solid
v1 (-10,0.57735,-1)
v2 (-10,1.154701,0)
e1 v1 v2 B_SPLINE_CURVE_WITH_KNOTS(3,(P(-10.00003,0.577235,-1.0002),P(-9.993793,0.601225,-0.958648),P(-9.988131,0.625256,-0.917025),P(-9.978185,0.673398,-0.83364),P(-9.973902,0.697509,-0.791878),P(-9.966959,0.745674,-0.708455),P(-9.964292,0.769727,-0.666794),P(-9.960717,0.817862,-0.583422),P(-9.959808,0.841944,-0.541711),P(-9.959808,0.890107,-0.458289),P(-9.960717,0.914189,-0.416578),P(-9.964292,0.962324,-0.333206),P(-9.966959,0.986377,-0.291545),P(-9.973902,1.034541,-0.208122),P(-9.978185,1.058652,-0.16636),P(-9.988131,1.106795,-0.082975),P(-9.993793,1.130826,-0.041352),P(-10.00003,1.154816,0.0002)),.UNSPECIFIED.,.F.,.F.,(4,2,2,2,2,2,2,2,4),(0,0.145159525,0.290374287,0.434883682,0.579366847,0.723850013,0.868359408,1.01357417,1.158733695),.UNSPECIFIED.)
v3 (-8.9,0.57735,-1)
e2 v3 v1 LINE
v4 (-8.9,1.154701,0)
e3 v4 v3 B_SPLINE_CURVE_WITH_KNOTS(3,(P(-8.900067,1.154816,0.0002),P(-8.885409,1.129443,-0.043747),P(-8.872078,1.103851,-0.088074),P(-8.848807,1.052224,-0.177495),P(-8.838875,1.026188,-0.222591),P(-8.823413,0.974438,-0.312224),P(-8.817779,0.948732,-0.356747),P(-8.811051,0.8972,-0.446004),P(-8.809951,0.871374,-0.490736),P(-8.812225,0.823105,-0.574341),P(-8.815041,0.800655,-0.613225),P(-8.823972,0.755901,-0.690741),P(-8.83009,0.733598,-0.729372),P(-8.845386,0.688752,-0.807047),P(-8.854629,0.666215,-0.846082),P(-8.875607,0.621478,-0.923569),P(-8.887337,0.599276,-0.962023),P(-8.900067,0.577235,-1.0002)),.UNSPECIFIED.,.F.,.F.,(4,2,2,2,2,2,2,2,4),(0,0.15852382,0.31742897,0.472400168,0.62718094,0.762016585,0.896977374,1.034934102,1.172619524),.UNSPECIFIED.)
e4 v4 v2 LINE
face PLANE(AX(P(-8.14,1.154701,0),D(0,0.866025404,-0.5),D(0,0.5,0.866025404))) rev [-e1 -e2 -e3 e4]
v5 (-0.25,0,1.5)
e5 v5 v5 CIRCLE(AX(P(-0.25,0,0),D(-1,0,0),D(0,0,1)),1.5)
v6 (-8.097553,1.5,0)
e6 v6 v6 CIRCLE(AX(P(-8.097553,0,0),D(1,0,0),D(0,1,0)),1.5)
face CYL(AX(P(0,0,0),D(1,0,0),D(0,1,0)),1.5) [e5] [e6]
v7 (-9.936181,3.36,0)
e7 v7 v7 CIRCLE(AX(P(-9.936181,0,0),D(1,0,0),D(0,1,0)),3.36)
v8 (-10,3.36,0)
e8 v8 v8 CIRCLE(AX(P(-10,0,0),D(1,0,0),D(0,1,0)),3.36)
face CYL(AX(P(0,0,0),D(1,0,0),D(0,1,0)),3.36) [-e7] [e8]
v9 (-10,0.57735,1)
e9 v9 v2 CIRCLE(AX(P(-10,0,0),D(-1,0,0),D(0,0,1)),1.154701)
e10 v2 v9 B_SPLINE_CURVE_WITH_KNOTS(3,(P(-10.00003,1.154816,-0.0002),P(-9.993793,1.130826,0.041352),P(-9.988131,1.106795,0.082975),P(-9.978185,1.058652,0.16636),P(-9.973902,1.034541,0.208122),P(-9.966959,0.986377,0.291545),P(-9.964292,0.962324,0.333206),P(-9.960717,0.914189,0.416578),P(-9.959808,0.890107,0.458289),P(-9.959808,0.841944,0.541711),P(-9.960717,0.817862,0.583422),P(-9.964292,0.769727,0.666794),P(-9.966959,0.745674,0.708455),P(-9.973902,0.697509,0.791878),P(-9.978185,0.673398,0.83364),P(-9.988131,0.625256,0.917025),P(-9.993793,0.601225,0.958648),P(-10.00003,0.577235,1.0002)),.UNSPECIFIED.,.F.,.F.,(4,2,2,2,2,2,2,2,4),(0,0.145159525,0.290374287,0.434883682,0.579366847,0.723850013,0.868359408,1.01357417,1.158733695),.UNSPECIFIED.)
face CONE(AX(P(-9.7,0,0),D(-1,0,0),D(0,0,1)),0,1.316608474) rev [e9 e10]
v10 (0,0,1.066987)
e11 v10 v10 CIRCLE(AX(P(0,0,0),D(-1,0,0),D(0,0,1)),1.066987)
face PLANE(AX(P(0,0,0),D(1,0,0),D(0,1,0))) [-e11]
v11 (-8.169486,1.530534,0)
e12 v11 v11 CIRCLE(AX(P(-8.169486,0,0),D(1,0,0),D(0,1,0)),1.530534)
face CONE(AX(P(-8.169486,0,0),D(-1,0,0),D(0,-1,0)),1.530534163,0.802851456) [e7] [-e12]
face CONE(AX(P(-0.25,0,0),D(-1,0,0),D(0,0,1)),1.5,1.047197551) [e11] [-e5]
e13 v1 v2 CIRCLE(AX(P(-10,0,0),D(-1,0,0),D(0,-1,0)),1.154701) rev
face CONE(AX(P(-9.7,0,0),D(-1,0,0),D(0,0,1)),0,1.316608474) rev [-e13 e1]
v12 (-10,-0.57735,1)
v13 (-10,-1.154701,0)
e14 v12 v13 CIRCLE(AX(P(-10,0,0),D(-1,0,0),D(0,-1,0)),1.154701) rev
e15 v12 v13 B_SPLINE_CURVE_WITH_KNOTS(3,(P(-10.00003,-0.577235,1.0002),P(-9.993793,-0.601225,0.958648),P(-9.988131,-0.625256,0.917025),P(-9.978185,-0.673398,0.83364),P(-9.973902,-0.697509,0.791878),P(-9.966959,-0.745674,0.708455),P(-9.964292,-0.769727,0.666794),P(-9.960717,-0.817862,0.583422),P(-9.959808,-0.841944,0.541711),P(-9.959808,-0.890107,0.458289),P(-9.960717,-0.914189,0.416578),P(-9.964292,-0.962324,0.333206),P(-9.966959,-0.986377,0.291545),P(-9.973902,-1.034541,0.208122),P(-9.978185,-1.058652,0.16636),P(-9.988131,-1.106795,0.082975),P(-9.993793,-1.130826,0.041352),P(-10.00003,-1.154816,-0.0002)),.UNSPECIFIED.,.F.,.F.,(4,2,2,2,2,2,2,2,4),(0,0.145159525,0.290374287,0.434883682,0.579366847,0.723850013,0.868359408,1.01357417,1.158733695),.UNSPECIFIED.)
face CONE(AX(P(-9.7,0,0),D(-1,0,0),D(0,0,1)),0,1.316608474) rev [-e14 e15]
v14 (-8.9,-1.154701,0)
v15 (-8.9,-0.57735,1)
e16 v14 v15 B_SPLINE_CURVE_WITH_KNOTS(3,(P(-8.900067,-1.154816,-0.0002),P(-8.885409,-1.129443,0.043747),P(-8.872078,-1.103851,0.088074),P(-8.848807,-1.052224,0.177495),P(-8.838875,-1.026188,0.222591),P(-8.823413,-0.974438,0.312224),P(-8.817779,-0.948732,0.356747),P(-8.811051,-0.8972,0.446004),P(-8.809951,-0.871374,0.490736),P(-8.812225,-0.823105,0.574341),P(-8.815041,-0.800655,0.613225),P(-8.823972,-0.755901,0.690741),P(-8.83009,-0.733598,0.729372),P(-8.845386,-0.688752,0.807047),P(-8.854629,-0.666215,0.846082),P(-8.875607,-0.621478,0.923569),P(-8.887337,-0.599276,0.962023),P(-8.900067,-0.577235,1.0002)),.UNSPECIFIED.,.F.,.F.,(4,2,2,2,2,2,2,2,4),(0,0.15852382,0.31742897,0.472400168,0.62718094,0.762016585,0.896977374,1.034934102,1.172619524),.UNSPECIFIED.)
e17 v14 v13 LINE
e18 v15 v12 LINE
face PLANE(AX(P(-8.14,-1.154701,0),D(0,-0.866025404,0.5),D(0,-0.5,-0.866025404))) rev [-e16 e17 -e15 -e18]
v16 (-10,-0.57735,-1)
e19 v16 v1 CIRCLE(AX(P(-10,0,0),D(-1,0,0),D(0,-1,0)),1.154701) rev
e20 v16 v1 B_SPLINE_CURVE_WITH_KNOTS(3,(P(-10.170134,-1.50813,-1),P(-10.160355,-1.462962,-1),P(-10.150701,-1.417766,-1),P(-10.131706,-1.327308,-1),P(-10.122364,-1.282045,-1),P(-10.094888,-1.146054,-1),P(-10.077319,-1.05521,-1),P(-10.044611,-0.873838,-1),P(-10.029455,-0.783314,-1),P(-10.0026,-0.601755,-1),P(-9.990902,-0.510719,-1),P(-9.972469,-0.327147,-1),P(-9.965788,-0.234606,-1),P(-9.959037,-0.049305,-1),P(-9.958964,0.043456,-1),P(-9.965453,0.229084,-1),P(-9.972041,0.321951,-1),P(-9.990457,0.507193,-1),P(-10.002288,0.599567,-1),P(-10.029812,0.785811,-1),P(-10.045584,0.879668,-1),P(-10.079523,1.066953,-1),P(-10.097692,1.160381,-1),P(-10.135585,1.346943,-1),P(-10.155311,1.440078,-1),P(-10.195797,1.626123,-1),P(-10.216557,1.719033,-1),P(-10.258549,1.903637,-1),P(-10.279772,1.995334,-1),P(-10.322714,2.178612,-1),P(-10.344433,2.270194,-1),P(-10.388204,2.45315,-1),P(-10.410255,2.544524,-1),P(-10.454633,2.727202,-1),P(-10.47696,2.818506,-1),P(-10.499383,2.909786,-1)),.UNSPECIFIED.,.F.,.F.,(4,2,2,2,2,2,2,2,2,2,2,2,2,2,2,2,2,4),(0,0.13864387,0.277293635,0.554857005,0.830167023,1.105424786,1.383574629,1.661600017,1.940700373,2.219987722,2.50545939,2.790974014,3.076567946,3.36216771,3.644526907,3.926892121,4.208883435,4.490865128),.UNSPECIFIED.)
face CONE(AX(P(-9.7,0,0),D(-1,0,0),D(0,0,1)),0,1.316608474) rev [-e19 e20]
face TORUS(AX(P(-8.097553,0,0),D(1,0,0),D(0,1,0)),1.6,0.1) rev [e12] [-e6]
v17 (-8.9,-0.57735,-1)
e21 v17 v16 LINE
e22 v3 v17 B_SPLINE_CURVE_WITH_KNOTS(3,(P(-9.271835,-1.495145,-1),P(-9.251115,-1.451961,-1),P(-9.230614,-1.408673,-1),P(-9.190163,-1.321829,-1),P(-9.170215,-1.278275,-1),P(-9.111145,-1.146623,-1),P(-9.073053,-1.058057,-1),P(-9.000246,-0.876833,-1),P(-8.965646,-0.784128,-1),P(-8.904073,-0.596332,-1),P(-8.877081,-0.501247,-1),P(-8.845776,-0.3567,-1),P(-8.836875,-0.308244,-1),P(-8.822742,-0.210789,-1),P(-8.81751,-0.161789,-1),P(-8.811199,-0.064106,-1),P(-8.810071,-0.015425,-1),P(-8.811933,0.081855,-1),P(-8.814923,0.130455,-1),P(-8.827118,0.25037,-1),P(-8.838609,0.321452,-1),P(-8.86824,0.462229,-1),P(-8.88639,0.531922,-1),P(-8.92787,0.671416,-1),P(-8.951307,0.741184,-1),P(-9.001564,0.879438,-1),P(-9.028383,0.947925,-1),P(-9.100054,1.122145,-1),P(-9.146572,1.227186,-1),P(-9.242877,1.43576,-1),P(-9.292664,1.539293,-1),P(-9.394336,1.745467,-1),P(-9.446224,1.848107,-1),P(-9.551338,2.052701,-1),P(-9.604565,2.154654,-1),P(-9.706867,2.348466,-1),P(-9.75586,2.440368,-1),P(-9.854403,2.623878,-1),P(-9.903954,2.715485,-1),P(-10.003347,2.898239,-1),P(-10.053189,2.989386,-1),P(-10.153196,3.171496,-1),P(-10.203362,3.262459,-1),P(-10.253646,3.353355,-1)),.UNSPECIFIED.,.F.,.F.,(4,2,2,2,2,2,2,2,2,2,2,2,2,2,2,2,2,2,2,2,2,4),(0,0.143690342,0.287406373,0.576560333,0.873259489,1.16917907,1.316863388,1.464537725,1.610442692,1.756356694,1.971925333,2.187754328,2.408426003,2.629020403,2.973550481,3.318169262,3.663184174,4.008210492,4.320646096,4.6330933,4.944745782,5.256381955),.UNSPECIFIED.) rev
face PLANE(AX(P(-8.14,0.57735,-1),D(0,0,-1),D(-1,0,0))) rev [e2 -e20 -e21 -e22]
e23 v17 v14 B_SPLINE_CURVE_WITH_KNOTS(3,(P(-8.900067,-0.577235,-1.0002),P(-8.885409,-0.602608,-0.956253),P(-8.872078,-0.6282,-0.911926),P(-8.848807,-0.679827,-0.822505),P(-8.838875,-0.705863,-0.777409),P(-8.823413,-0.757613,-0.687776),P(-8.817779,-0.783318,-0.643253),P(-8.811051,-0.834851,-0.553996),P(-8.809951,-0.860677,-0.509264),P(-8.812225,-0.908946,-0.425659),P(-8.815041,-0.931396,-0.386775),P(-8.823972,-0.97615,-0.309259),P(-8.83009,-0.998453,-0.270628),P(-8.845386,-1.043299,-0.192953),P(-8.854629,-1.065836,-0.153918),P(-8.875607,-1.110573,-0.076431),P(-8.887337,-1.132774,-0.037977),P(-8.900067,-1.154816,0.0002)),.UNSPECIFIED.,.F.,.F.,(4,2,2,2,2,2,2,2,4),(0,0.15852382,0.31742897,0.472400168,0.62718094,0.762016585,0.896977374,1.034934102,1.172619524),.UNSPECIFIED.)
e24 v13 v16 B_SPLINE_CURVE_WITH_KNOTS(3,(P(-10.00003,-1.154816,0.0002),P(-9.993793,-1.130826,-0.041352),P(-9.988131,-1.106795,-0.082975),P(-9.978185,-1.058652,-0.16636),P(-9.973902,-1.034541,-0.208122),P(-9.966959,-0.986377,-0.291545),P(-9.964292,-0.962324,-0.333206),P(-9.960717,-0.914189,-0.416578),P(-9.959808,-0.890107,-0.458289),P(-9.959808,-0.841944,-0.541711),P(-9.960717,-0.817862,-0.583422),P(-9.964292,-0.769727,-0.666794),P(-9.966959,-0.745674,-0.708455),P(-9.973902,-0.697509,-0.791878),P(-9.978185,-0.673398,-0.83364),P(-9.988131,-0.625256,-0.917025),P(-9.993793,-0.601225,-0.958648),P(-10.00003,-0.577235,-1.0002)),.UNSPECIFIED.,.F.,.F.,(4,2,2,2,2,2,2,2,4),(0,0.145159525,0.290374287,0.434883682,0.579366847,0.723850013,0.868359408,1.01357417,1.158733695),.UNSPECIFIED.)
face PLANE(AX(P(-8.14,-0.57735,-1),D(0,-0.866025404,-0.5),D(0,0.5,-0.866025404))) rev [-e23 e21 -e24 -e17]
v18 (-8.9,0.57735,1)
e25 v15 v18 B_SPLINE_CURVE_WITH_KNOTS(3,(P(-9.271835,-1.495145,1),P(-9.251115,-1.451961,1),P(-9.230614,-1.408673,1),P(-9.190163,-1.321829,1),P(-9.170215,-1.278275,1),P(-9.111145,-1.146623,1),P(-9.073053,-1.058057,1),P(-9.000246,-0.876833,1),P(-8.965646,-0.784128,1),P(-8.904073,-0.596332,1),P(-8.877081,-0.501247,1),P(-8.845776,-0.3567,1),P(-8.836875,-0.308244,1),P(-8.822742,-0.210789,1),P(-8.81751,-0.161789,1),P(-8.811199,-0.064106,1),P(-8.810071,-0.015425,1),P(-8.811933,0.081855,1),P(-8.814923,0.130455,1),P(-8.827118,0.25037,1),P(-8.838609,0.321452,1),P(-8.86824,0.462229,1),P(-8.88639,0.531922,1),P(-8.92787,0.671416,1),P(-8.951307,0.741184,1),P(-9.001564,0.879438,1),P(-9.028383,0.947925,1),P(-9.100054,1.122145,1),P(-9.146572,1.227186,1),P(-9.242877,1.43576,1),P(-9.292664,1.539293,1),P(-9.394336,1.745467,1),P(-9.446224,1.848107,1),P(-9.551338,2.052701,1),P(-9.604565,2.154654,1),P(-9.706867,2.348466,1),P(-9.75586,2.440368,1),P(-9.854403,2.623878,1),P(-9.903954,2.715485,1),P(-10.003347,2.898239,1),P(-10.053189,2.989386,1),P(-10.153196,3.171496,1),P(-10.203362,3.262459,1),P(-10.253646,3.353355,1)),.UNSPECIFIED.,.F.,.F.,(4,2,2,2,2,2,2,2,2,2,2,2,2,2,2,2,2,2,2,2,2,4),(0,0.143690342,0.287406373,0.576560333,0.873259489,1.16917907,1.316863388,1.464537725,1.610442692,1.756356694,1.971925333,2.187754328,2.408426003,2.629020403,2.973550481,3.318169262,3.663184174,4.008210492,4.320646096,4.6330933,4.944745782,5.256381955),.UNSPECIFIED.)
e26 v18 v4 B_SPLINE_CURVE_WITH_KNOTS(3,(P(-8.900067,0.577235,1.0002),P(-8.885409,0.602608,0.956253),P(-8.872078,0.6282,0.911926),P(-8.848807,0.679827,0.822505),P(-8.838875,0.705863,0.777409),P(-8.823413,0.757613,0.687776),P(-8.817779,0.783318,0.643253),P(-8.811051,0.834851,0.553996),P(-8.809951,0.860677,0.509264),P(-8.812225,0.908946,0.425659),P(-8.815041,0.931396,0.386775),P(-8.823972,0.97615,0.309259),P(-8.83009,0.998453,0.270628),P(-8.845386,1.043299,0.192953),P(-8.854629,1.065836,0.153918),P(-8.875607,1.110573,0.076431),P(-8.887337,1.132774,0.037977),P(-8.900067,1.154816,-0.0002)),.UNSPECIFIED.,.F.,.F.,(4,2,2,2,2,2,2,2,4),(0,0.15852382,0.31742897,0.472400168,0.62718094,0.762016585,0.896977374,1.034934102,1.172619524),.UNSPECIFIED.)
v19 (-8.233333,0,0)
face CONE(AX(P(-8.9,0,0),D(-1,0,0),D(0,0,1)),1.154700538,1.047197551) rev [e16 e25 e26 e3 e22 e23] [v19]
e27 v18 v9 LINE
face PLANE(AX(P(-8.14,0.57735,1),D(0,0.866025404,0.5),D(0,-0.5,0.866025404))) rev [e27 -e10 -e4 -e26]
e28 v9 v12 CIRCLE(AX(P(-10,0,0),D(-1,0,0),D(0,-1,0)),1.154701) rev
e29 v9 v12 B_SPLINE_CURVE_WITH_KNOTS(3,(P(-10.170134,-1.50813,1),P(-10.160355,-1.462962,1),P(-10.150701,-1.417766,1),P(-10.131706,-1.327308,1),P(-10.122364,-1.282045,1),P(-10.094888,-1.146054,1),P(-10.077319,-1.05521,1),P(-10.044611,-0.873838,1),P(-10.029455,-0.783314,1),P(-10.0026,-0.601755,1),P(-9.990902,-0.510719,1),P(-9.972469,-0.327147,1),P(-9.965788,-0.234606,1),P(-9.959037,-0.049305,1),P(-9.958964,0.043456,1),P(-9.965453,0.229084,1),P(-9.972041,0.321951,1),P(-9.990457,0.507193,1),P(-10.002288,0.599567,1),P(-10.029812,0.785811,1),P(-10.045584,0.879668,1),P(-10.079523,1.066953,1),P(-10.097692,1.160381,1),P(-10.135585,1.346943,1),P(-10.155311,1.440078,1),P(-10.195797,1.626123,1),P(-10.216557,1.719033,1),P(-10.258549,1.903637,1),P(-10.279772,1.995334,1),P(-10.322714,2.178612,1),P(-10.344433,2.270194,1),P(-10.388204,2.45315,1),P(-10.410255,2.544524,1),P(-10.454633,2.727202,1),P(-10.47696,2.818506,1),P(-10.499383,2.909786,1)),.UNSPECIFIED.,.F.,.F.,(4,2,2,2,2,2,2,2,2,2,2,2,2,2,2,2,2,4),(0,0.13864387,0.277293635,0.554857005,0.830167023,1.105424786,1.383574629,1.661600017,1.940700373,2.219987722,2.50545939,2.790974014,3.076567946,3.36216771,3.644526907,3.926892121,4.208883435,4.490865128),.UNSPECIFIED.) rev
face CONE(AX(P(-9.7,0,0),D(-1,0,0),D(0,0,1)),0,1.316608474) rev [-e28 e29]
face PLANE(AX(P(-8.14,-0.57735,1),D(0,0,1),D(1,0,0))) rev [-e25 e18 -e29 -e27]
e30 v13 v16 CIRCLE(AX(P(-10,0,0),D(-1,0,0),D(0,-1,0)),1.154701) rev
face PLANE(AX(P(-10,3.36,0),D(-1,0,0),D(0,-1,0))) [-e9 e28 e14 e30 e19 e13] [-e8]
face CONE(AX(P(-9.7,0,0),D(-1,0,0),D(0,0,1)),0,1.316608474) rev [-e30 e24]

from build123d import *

# Parameters (mm, degrees)
CUT_EXTRUDE_1_DEPTH = 1.86


with BuildPart() as part:
    # 草图1 → 旋转1 (revolve)
    with BuildSketch(Plane.XY):
        with BuildLine():
            Line((0, 1.5), (-8.097552518, 1.5))
            ThreePointArc((-8.097552518, 1.5), (-8.136625631, 1.507949515), (-8.169486498, 1.530534163))
            Line((-8.169486498, 1.530534163), (-9.936181121, 3.36))
            Line((-9.936181121, 3.36), (-10, 3.36))
            Line((-10, 3.36), (-10, 0))
            Line((-10, 0), (0, 0))
            Line((0, 0), (0, 1.5))
        make_face()
    revolve(axis=Axis((0, 0, 0), (-1, 0, 0)))

    # 草图2 → 切除-拉伸1 (cut)
    with BuildSketch(Plane.ZY.offset(10)):
        Polygon((0, 1.154700538), (-1, 0.577350269), (-1, -0.577350269), (0, -1.154700538), (1, -0.577350269), (1, 0.577350269), align=None)
    extrude(amount=-CUT_EXTRUDE_1_DEPTH, mode=Mode.SUBTRACT)

    # 草图6 → 旋转2 (revolve)
    with BuildSketch(Plane.XY):
        Polygon((-8.9, 1.154700538), (-8.233333333, 0), (-7.84, 0), (-7.84, 1.154700538), align=None)
    revolve(axis=Axis((-10, 0, 0), (1, 0, 0)))

    # 草图7 → 切除-旋转2 (revolve, cut)
    with BuildSketch(Plane.XY):
        Polygon((-10, 1.154700538), (-10, 0), (-9.7, 0), align=None)
    revolve(axis=Axis((-10, 0, 0), (1, 0, 0)), mode=Mode.SUBTRACT)

    # 草图4 → 切除-旋转1 (revolve, cut)
    with BuildSketch(Plane.XY):
        Polygon((-0.25, 1.5), (0, 1.066987298), (0.25, 1.5), align=None)
    revolve(axis=Axis((-0.25, 0, 0), (1, 0, 0)), mode=Mode.SUBTRACT)


solid = part.part
